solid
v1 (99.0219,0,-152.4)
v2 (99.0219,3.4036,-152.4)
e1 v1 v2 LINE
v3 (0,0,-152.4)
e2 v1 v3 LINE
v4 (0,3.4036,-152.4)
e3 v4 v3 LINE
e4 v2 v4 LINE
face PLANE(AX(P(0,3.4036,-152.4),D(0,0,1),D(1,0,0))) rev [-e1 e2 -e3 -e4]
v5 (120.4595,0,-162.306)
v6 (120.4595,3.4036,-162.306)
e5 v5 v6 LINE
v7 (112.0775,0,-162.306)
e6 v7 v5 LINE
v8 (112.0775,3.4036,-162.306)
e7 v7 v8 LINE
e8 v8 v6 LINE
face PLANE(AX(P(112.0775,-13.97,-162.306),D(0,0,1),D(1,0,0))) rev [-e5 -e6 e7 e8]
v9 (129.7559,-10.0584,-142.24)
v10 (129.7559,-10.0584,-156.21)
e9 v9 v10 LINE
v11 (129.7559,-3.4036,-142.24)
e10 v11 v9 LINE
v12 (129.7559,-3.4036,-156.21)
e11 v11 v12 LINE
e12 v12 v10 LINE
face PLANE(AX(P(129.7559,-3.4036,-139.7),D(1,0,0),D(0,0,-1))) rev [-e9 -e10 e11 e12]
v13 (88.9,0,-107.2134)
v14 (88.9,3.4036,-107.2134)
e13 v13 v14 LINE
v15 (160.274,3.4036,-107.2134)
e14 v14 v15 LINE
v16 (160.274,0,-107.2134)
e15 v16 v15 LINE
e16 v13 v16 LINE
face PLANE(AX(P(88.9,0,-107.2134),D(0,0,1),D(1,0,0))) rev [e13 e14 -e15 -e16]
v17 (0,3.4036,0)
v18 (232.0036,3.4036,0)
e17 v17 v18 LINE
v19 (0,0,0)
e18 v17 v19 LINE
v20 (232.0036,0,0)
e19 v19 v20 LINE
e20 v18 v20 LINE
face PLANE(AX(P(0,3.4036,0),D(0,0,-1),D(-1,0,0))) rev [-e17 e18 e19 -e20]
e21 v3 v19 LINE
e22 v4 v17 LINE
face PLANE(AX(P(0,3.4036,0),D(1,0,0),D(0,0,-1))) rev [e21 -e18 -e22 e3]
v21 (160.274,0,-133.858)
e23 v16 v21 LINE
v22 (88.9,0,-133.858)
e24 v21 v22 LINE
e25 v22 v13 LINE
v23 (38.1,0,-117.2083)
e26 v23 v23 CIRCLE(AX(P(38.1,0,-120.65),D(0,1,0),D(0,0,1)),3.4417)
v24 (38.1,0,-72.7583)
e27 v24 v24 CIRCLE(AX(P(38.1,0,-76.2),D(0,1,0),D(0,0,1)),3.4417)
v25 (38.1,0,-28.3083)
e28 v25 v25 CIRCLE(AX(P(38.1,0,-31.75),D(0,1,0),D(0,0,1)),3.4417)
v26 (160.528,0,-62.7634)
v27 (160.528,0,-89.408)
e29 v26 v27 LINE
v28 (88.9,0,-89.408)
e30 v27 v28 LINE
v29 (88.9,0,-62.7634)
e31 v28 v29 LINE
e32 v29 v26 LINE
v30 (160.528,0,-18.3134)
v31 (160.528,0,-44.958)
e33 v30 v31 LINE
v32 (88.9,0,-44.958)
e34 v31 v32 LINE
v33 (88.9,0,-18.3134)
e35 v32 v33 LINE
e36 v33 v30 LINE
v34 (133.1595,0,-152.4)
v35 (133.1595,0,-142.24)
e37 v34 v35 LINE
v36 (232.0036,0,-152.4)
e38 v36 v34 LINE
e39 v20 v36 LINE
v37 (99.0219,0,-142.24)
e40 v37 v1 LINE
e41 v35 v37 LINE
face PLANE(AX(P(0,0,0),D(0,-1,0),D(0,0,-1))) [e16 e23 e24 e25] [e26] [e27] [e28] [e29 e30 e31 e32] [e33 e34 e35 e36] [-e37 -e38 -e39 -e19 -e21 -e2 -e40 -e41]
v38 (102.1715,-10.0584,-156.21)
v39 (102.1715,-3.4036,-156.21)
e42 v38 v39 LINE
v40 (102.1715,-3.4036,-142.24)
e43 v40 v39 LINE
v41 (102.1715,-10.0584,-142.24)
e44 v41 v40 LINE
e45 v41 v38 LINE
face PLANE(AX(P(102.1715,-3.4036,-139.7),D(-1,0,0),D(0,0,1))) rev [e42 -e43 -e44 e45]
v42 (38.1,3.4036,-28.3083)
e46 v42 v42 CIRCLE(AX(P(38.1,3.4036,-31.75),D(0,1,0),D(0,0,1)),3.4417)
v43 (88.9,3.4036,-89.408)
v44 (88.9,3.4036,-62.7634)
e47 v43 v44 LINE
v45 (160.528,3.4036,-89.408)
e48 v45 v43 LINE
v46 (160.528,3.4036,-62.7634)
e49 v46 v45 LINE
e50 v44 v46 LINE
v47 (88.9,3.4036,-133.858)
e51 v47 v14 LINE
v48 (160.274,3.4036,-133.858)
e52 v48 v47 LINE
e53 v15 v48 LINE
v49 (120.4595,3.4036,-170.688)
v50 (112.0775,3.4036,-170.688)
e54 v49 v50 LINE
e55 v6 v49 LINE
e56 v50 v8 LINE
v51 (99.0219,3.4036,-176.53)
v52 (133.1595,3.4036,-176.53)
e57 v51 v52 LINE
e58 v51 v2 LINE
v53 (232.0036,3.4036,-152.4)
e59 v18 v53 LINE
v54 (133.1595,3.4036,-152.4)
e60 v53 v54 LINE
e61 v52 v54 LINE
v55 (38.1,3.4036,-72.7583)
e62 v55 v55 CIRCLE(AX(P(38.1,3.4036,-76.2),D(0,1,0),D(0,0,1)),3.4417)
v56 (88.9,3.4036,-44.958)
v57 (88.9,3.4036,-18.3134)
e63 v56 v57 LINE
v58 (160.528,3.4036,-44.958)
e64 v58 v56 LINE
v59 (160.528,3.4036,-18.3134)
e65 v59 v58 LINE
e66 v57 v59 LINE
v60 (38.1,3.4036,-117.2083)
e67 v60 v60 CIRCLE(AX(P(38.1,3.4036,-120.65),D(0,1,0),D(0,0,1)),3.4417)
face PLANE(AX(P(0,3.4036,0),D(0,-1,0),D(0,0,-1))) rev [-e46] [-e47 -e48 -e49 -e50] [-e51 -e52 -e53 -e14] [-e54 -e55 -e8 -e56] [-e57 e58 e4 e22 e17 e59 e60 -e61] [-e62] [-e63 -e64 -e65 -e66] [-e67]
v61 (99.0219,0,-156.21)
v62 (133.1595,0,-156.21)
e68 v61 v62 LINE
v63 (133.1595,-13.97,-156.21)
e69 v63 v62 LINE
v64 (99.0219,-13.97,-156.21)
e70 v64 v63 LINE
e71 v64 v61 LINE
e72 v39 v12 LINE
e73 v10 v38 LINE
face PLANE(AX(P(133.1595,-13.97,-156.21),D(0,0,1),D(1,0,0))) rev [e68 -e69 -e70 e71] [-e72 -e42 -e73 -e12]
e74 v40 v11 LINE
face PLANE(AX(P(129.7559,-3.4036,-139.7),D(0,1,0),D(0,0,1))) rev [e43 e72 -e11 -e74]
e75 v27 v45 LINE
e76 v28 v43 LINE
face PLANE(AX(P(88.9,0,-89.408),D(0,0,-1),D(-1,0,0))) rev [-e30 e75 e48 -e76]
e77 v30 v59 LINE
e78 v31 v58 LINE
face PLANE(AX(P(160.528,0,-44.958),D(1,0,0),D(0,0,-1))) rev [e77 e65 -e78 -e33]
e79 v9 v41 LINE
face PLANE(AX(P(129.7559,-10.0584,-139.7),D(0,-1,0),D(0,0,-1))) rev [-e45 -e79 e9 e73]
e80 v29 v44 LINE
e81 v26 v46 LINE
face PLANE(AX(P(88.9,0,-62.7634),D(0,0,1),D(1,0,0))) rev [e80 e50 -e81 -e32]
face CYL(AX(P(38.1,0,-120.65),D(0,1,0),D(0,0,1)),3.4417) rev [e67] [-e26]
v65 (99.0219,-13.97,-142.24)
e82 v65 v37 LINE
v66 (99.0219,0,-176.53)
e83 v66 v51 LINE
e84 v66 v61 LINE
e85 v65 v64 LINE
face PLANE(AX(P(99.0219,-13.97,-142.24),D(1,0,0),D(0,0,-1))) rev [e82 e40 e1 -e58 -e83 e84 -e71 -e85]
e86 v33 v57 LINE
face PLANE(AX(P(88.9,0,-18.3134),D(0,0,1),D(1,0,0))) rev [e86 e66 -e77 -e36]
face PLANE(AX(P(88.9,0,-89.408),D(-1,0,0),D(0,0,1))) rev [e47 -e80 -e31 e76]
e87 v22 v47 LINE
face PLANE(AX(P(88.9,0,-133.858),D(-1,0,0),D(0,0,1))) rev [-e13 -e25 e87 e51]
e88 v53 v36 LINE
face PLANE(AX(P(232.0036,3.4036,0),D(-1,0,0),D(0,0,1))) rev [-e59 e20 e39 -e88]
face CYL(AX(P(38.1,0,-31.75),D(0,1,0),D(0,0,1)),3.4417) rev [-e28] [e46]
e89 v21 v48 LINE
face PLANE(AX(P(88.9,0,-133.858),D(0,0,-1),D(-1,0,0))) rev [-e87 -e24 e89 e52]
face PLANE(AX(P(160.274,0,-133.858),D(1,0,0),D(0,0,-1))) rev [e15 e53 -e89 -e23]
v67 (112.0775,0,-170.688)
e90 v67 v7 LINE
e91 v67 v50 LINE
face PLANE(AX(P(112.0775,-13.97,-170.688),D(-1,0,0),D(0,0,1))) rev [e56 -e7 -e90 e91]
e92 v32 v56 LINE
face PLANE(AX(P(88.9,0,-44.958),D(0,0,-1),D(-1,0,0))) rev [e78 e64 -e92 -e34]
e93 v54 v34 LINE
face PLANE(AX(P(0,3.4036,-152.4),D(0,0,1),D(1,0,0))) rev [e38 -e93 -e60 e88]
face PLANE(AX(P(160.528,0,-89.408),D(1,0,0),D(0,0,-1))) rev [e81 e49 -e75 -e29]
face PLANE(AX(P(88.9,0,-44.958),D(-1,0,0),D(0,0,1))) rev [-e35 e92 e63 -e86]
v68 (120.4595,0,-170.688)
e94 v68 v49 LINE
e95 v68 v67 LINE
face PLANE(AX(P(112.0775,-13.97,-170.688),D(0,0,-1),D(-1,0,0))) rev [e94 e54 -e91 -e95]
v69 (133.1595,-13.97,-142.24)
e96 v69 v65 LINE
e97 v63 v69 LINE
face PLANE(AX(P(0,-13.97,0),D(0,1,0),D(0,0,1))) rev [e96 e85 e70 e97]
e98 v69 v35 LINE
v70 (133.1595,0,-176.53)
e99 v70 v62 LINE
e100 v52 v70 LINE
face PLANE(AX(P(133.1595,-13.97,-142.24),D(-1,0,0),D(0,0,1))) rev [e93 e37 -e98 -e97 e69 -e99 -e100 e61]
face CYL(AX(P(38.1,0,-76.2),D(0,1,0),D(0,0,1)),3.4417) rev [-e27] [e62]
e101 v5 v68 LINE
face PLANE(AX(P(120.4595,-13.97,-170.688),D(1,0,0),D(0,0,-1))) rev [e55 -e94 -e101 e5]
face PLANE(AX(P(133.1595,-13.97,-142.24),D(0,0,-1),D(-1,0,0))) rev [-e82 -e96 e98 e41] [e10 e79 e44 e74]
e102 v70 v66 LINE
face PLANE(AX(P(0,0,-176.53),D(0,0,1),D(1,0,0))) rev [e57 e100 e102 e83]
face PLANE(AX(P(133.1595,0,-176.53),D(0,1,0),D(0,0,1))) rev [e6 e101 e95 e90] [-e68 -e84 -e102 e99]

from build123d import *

# Parameters (mm, degrees)
SKETCH1_W           = 232.0036
SKETCH1_H           = 152.4
BOSS_EXTRUDE1_DEPTH = 3.4036
SKETCH2_R           = 3.4417
SKETCH2_W           = 71.374
SKETCH2_H           = 26.6446
SKETCH2_W_2         = 71.628
CUT_EXTRUDE1_DEPTH  = 278.602260268
SKETCH3_W           = 34.1376
SKETCH3_H           = 13.97
BOSS_EXTRUDE2_DEPTH = 13.97
SKETCH4_W           = 27.5844
SKETCH4_H           = 6.6548
CUT_EXTRUDE2_DEPTH  = 16.51
SKETCH5_W           = 34.1376
SKETCH5_H           = 3.4036
BOSS_EXTRUDE3_DEPTH = 24.13
SKETCH6_W           = 8.382
SKETCH6_H           = 8.382
CUT_EXTRUDE3_DEPTH  = 293.04512201


with BuildPart() as part:
    # Sketch1 → Boss-Extrude1 (new body)
    with BuildSketch(Plane(origin=(0, 0, 0), x_dir=(1, 0, 0), z_dir=(0, 1, 0))):
        with Locations((116.0018, 76.2)):
            Rectangle(SKETCH1_W, SKETCH1_H)
    extrude(amount=BOSS_EXTRUDE1_DEPTH)

    # Sketch2 → Cut-Extrude1 (cut, through all)
    with BuildSketch(Plane(origin=(0, 3.4036, 0), x_dir=(1, 0, 0), z_dir=(0, 1, 0))):
        with Locations(Location((38.1, 120.65, 0), (0, 0, 270))):
            Circle(SKETCH2_R)
        with Locations(Location((38.1, 76.2, 0), (0, 0, 270))):
            Circle(SKETCH2_R)
        with Locations(Location((38.1, 31.75, 0), (0, 0, 270))):
            Circle(SKETCH2_R)
        with Locations((124.587, 120.5357)):
            Rectangle(SKETCH2_W, SKETCH2_H)
        with Locations((124.714, 76.0857)):
            Rectangle(SKETCH2_W_2, SKETCH2_H)
        with Locations((124.714, 31.6357)):
            Rectangle(SKETCH2_W_2, SKETCH2_H)
    extrude(amount=-CUT_EXTRUDE1_DEPTH, mode=Mode.SUBTRACT)

    # Sketch3 → Boss-Extrude2 (add)
    with BuildSketch(Plane.XZ):
        with Locations((116.0907, -149.225)):
            Rectangle(SKETCH3_W, SKETCH3_H)
    extrude(amount=BOSS_EXTRUDE2_DEPTH)

    # Sketch4 → Cut-Extrude2 (cut)
    with BuildSketch(Plane(origin=(0, 0, -156.21), x_dir=(-1, 0, 0), z_dir=(0, 0, -1))):
        with Locations((-115.9637, -6.731)):
            Rectangle(SKETCH4_W, SKETCH4_H)
    extrude(amount=-CUT_EXTRUDE2_DEPTH, mode=Mode.SUBTRACT)

    # Sketch5 → Boss-Extrude3 (add)
    with BuildSketch(Plane(origin=(0, 0, -152.4), x_dir=(-1, 0, 0), z_dir=(0, 0, -1))):
        with Locations((-116.0907, 1.7018)):
            Rectangle(SKETCH5_W, SKETCH5_H)
    extrude(amount=BOSS_EXTRUDE3_DEPTH)

    # Sketch6 → Cut-Extrude3 (cut, through all)
    with BuildSketch(Plane(origin=(0, 3.4036, 0), x_dir=(1, 0, 0), z_dir=(0, 1, 0))):
        with Locations((116.2685, 166.497)):
            Rectangle(SKETCH6_W, SKETCH6_H)
    extrude(amount=-CUT_EXTRUDE3_DEPTH, mode=Mode.SUBTRACT)


solid = part.part
